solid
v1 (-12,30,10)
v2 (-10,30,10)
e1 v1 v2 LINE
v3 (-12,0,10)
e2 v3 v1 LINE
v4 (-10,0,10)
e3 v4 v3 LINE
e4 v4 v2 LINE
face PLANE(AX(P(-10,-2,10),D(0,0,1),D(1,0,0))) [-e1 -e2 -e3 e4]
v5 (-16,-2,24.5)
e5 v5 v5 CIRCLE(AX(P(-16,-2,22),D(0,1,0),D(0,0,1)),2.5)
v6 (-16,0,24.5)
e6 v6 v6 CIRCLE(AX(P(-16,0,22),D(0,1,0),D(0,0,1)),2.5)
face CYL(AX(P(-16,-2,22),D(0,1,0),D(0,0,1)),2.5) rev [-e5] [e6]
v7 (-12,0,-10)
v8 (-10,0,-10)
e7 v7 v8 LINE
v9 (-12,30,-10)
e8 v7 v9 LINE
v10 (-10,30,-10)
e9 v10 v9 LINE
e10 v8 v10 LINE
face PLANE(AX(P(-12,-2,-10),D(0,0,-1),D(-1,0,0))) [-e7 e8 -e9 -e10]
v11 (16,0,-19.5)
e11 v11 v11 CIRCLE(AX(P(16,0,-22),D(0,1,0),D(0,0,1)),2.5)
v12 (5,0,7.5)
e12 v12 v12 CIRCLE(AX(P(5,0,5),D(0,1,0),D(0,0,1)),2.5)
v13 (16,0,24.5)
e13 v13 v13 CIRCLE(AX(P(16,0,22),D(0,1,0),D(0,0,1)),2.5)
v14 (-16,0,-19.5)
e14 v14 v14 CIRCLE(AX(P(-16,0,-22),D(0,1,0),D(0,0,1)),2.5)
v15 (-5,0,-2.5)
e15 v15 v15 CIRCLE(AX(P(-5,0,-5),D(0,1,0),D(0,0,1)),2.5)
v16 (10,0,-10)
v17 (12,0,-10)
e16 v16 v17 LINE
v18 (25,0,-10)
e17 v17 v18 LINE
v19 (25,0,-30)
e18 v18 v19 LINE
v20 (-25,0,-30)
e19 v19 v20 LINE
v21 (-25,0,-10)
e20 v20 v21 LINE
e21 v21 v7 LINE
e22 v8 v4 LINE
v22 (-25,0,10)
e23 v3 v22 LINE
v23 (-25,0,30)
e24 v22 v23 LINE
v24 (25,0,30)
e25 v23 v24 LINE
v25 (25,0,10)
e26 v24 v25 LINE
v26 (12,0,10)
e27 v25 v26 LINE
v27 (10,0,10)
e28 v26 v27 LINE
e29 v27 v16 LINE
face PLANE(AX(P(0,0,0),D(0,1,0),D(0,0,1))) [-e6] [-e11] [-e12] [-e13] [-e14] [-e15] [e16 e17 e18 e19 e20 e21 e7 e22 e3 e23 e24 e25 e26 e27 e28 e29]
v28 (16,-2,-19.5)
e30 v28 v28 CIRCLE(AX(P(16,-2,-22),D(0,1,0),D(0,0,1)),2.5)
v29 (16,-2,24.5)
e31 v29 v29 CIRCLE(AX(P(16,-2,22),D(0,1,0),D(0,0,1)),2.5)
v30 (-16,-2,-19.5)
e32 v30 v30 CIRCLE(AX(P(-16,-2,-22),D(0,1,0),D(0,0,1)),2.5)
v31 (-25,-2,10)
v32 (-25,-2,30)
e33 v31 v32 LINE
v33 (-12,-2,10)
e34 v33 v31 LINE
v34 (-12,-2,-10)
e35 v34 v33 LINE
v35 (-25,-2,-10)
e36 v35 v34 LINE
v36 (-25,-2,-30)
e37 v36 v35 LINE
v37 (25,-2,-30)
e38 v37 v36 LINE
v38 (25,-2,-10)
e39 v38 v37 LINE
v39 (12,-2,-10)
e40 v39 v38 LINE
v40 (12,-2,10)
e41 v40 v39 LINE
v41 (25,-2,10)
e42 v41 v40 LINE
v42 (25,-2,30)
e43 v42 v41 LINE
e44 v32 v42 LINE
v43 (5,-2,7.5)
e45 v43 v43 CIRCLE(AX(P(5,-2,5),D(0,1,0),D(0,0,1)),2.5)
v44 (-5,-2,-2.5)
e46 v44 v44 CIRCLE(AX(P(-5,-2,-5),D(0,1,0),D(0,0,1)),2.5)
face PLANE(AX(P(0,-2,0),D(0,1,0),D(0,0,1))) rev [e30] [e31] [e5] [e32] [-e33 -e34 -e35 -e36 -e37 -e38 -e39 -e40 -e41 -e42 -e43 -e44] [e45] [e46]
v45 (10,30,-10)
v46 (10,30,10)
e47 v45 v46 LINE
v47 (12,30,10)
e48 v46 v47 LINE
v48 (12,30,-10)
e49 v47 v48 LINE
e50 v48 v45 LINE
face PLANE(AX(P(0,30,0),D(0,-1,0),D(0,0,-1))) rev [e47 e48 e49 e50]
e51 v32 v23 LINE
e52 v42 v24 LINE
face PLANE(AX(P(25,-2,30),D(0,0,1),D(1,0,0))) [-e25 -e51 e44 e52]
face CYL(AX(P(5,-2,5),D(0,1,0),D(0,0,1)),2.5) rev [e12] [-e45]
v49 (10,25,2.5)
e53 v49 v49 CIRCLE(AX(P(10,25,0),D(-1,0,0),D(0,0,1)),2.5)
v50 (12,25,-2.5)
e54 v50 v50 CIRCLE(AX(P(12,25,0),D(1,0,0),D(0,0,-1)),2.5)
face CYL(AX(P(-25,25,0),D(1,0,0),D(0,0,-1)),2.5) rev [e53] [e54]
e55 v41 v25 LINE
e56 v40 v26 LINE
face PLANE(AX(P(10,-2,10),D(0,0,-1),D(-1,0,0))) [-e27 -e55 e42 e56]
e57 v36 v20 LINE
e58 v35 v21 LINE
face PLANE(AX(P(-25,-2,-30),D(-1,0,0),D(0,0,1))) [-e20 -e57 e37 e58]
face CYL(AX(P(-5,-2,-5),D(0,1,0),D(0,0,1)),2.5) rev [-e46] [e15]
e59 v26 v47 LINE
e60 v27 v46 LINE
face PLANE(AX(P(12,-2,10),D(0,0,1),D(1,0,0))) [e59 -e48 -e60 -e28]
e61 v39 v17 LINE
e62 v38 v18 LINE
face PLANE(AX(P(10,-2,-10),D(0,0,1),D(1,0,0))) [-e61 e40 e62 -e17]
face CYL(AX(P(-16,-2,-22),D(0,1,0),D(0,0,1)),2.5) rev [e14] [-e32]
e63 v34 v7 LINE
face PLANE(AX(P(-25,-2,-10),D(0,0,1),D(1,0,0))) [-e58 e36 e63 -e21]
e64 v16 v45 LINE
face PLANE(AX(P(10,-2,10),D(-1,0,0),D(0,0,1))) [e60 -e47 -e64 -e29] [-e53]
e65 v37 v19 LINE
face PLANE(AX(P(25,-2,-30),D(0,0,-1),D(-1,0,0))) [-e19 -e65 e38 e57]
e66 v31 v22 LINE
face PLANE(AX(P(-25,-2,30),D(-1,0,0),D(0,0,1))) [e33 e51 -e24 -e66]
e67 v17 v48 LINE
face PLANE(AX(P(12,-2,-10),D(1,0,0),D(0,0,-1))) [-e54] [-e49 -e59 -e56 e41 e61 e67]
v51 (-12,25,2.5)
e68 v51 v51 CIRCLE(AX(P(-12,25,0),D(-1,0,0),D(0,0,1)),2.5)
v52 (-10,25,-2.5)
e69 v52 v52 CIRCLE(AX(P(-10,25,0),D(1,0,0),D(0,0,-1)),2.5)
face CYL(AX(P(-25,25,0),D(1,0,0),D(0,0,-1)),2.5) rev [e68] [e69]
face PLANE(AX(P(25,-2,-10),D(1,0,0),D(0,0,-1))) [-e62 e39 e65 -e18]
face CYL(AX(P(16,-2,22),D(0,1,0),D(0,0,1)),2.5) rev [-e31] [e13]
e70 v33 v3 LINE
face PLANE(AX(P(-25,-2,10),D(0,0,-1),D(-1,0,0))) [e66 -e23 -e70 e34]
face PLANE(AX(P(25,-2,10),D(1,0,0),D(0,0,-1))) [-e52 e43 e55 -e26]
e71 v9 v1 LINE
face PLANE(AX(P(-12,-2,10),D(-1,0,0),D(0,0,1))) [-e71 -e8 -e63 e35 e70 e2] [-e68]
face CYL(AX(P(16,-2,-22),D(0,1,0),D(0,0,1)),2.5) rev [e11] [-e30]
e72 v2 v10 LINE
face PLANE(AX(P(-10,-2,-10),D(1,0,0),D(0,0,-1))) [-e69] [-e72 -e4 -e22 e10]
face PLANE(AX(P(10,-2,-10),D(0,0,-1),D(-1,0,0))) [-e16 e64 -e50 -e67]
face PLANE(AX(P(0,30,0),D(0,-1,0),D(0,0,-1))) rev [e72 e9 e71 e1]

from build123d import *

# Parameters (mm, degrees)
RESSALTO_EXTRUS_O1_DEPTH      = 2
RESSALTO_EXTRUS_O3_DEPTH      = 30
RESSALTO_EXTRUS_O3_DEPTH_BACK = 2
ESBO_O2_W                     = 2
ESBO_O2_H                     = 20
ESBO_O3_R                     = 2.5
CORTE_EXTRUS_O1_DEPTH         = 2
CORTE_EXTRUS_O2_DEPTH         = 50.244289009
CORTE_EXTRUS_O2_DEPTH_BACK    = 50.244289009
ESBO_O4_R                     = 2.5


with BuildPart() as part:
    # Esboço1 → Ressalto-extrusão1 (new body)
    with BuildSketch(Plane(origin=(0, 0, 0), x_dir=(1, 0, 0), z_dir=(0, 1, 0))):
        Polygon((10, 10), (10, -10), (25, -10), (25, -30), (-25, -30), (-25, -10), (-10, -10), (-10, 10), (-25, 10), (-25, 30), (25, 30), (25, 10), align=None)
    extrude(amount=-RESSALTO_EXTRUS_O1_DEPTH)

    # Esboço2 → Ressalto-extrusão3 (add, two sides: drawn at the far end of the back side and taken through both)
    with BuildSketch(Plane(origin=(0, 0, 0), x_dir=(1, 0, 0), z_dir=(0, 1, 0)).offset(-RESSALTO_EXTRUS_O3_DEPTH_BACK)):
        with Locations((-11, 0)):
            Rectangle(ESBO_O2_W, ESBO_O2_H)
        with Locations((11, 0)):
            Rectangle(ESBO_O2_W, ESBO_O2_H)
    extrude(amount=RESSALTO_EXTRUS_O3_DEPTH + RESSALTO_EXTRUS_O3_DEPTH_BACK)

    # Esboço3 → Corte-extrusão1 (cut)
    with BuildSketch(Plane(origin=(0, 0, 0), x_dir=(1, 0, 0), z_dir=(0, 1, 0))):
        with Locations(Location((16, -22, 0), (0, 0, 270))):
            Circle(ESBO_O3_R)
        with Locations(Location((-16, -22, 0), (0, 0, 270))):
            Circle(ESBO_O3_R)
        with Locations(Location((5, -5, 0), (0, 0, 270))):
            Circle(ESBO_O3_R)
        with Locations(Location((-5, 5, 0), (0, 0, 270))):
            Circle(ESBO_O3_R)
        with Locations(Location((16, 22, 0), (0, 0, 270))):
            Circle(ESBO_O3_R)
        with Locations(Location((-16, 22, 0), (0, 0, 270))):
            Circle(ESBO_O3_R)
    extrude(amount=-CORTE_EXTRUS_O1_DEPTH, mode=Mode.SUBTRACT)

    # Esboço4 → Corte-extrusão2 (cut, two sides: drawn at the far end of the back side and taken through both)
    with BuildSketch(Plane(origin=(0, 0, 0), x_dir=(0, 0, -1), z_dir=(1, 0, 0)).offset(-CORTE_EXTRUS_O2_DEPTH_BACK)):
        with Locations((0, 25)):
            Circle(ESBO_O4_R)
    extrude(amount=CORTE_EXTRUS_O2_DEPTH + CORTE_EXTRUS_O2_DEPTH_BACK, mode=Mode.SUBTRACT)


solid = part.part
